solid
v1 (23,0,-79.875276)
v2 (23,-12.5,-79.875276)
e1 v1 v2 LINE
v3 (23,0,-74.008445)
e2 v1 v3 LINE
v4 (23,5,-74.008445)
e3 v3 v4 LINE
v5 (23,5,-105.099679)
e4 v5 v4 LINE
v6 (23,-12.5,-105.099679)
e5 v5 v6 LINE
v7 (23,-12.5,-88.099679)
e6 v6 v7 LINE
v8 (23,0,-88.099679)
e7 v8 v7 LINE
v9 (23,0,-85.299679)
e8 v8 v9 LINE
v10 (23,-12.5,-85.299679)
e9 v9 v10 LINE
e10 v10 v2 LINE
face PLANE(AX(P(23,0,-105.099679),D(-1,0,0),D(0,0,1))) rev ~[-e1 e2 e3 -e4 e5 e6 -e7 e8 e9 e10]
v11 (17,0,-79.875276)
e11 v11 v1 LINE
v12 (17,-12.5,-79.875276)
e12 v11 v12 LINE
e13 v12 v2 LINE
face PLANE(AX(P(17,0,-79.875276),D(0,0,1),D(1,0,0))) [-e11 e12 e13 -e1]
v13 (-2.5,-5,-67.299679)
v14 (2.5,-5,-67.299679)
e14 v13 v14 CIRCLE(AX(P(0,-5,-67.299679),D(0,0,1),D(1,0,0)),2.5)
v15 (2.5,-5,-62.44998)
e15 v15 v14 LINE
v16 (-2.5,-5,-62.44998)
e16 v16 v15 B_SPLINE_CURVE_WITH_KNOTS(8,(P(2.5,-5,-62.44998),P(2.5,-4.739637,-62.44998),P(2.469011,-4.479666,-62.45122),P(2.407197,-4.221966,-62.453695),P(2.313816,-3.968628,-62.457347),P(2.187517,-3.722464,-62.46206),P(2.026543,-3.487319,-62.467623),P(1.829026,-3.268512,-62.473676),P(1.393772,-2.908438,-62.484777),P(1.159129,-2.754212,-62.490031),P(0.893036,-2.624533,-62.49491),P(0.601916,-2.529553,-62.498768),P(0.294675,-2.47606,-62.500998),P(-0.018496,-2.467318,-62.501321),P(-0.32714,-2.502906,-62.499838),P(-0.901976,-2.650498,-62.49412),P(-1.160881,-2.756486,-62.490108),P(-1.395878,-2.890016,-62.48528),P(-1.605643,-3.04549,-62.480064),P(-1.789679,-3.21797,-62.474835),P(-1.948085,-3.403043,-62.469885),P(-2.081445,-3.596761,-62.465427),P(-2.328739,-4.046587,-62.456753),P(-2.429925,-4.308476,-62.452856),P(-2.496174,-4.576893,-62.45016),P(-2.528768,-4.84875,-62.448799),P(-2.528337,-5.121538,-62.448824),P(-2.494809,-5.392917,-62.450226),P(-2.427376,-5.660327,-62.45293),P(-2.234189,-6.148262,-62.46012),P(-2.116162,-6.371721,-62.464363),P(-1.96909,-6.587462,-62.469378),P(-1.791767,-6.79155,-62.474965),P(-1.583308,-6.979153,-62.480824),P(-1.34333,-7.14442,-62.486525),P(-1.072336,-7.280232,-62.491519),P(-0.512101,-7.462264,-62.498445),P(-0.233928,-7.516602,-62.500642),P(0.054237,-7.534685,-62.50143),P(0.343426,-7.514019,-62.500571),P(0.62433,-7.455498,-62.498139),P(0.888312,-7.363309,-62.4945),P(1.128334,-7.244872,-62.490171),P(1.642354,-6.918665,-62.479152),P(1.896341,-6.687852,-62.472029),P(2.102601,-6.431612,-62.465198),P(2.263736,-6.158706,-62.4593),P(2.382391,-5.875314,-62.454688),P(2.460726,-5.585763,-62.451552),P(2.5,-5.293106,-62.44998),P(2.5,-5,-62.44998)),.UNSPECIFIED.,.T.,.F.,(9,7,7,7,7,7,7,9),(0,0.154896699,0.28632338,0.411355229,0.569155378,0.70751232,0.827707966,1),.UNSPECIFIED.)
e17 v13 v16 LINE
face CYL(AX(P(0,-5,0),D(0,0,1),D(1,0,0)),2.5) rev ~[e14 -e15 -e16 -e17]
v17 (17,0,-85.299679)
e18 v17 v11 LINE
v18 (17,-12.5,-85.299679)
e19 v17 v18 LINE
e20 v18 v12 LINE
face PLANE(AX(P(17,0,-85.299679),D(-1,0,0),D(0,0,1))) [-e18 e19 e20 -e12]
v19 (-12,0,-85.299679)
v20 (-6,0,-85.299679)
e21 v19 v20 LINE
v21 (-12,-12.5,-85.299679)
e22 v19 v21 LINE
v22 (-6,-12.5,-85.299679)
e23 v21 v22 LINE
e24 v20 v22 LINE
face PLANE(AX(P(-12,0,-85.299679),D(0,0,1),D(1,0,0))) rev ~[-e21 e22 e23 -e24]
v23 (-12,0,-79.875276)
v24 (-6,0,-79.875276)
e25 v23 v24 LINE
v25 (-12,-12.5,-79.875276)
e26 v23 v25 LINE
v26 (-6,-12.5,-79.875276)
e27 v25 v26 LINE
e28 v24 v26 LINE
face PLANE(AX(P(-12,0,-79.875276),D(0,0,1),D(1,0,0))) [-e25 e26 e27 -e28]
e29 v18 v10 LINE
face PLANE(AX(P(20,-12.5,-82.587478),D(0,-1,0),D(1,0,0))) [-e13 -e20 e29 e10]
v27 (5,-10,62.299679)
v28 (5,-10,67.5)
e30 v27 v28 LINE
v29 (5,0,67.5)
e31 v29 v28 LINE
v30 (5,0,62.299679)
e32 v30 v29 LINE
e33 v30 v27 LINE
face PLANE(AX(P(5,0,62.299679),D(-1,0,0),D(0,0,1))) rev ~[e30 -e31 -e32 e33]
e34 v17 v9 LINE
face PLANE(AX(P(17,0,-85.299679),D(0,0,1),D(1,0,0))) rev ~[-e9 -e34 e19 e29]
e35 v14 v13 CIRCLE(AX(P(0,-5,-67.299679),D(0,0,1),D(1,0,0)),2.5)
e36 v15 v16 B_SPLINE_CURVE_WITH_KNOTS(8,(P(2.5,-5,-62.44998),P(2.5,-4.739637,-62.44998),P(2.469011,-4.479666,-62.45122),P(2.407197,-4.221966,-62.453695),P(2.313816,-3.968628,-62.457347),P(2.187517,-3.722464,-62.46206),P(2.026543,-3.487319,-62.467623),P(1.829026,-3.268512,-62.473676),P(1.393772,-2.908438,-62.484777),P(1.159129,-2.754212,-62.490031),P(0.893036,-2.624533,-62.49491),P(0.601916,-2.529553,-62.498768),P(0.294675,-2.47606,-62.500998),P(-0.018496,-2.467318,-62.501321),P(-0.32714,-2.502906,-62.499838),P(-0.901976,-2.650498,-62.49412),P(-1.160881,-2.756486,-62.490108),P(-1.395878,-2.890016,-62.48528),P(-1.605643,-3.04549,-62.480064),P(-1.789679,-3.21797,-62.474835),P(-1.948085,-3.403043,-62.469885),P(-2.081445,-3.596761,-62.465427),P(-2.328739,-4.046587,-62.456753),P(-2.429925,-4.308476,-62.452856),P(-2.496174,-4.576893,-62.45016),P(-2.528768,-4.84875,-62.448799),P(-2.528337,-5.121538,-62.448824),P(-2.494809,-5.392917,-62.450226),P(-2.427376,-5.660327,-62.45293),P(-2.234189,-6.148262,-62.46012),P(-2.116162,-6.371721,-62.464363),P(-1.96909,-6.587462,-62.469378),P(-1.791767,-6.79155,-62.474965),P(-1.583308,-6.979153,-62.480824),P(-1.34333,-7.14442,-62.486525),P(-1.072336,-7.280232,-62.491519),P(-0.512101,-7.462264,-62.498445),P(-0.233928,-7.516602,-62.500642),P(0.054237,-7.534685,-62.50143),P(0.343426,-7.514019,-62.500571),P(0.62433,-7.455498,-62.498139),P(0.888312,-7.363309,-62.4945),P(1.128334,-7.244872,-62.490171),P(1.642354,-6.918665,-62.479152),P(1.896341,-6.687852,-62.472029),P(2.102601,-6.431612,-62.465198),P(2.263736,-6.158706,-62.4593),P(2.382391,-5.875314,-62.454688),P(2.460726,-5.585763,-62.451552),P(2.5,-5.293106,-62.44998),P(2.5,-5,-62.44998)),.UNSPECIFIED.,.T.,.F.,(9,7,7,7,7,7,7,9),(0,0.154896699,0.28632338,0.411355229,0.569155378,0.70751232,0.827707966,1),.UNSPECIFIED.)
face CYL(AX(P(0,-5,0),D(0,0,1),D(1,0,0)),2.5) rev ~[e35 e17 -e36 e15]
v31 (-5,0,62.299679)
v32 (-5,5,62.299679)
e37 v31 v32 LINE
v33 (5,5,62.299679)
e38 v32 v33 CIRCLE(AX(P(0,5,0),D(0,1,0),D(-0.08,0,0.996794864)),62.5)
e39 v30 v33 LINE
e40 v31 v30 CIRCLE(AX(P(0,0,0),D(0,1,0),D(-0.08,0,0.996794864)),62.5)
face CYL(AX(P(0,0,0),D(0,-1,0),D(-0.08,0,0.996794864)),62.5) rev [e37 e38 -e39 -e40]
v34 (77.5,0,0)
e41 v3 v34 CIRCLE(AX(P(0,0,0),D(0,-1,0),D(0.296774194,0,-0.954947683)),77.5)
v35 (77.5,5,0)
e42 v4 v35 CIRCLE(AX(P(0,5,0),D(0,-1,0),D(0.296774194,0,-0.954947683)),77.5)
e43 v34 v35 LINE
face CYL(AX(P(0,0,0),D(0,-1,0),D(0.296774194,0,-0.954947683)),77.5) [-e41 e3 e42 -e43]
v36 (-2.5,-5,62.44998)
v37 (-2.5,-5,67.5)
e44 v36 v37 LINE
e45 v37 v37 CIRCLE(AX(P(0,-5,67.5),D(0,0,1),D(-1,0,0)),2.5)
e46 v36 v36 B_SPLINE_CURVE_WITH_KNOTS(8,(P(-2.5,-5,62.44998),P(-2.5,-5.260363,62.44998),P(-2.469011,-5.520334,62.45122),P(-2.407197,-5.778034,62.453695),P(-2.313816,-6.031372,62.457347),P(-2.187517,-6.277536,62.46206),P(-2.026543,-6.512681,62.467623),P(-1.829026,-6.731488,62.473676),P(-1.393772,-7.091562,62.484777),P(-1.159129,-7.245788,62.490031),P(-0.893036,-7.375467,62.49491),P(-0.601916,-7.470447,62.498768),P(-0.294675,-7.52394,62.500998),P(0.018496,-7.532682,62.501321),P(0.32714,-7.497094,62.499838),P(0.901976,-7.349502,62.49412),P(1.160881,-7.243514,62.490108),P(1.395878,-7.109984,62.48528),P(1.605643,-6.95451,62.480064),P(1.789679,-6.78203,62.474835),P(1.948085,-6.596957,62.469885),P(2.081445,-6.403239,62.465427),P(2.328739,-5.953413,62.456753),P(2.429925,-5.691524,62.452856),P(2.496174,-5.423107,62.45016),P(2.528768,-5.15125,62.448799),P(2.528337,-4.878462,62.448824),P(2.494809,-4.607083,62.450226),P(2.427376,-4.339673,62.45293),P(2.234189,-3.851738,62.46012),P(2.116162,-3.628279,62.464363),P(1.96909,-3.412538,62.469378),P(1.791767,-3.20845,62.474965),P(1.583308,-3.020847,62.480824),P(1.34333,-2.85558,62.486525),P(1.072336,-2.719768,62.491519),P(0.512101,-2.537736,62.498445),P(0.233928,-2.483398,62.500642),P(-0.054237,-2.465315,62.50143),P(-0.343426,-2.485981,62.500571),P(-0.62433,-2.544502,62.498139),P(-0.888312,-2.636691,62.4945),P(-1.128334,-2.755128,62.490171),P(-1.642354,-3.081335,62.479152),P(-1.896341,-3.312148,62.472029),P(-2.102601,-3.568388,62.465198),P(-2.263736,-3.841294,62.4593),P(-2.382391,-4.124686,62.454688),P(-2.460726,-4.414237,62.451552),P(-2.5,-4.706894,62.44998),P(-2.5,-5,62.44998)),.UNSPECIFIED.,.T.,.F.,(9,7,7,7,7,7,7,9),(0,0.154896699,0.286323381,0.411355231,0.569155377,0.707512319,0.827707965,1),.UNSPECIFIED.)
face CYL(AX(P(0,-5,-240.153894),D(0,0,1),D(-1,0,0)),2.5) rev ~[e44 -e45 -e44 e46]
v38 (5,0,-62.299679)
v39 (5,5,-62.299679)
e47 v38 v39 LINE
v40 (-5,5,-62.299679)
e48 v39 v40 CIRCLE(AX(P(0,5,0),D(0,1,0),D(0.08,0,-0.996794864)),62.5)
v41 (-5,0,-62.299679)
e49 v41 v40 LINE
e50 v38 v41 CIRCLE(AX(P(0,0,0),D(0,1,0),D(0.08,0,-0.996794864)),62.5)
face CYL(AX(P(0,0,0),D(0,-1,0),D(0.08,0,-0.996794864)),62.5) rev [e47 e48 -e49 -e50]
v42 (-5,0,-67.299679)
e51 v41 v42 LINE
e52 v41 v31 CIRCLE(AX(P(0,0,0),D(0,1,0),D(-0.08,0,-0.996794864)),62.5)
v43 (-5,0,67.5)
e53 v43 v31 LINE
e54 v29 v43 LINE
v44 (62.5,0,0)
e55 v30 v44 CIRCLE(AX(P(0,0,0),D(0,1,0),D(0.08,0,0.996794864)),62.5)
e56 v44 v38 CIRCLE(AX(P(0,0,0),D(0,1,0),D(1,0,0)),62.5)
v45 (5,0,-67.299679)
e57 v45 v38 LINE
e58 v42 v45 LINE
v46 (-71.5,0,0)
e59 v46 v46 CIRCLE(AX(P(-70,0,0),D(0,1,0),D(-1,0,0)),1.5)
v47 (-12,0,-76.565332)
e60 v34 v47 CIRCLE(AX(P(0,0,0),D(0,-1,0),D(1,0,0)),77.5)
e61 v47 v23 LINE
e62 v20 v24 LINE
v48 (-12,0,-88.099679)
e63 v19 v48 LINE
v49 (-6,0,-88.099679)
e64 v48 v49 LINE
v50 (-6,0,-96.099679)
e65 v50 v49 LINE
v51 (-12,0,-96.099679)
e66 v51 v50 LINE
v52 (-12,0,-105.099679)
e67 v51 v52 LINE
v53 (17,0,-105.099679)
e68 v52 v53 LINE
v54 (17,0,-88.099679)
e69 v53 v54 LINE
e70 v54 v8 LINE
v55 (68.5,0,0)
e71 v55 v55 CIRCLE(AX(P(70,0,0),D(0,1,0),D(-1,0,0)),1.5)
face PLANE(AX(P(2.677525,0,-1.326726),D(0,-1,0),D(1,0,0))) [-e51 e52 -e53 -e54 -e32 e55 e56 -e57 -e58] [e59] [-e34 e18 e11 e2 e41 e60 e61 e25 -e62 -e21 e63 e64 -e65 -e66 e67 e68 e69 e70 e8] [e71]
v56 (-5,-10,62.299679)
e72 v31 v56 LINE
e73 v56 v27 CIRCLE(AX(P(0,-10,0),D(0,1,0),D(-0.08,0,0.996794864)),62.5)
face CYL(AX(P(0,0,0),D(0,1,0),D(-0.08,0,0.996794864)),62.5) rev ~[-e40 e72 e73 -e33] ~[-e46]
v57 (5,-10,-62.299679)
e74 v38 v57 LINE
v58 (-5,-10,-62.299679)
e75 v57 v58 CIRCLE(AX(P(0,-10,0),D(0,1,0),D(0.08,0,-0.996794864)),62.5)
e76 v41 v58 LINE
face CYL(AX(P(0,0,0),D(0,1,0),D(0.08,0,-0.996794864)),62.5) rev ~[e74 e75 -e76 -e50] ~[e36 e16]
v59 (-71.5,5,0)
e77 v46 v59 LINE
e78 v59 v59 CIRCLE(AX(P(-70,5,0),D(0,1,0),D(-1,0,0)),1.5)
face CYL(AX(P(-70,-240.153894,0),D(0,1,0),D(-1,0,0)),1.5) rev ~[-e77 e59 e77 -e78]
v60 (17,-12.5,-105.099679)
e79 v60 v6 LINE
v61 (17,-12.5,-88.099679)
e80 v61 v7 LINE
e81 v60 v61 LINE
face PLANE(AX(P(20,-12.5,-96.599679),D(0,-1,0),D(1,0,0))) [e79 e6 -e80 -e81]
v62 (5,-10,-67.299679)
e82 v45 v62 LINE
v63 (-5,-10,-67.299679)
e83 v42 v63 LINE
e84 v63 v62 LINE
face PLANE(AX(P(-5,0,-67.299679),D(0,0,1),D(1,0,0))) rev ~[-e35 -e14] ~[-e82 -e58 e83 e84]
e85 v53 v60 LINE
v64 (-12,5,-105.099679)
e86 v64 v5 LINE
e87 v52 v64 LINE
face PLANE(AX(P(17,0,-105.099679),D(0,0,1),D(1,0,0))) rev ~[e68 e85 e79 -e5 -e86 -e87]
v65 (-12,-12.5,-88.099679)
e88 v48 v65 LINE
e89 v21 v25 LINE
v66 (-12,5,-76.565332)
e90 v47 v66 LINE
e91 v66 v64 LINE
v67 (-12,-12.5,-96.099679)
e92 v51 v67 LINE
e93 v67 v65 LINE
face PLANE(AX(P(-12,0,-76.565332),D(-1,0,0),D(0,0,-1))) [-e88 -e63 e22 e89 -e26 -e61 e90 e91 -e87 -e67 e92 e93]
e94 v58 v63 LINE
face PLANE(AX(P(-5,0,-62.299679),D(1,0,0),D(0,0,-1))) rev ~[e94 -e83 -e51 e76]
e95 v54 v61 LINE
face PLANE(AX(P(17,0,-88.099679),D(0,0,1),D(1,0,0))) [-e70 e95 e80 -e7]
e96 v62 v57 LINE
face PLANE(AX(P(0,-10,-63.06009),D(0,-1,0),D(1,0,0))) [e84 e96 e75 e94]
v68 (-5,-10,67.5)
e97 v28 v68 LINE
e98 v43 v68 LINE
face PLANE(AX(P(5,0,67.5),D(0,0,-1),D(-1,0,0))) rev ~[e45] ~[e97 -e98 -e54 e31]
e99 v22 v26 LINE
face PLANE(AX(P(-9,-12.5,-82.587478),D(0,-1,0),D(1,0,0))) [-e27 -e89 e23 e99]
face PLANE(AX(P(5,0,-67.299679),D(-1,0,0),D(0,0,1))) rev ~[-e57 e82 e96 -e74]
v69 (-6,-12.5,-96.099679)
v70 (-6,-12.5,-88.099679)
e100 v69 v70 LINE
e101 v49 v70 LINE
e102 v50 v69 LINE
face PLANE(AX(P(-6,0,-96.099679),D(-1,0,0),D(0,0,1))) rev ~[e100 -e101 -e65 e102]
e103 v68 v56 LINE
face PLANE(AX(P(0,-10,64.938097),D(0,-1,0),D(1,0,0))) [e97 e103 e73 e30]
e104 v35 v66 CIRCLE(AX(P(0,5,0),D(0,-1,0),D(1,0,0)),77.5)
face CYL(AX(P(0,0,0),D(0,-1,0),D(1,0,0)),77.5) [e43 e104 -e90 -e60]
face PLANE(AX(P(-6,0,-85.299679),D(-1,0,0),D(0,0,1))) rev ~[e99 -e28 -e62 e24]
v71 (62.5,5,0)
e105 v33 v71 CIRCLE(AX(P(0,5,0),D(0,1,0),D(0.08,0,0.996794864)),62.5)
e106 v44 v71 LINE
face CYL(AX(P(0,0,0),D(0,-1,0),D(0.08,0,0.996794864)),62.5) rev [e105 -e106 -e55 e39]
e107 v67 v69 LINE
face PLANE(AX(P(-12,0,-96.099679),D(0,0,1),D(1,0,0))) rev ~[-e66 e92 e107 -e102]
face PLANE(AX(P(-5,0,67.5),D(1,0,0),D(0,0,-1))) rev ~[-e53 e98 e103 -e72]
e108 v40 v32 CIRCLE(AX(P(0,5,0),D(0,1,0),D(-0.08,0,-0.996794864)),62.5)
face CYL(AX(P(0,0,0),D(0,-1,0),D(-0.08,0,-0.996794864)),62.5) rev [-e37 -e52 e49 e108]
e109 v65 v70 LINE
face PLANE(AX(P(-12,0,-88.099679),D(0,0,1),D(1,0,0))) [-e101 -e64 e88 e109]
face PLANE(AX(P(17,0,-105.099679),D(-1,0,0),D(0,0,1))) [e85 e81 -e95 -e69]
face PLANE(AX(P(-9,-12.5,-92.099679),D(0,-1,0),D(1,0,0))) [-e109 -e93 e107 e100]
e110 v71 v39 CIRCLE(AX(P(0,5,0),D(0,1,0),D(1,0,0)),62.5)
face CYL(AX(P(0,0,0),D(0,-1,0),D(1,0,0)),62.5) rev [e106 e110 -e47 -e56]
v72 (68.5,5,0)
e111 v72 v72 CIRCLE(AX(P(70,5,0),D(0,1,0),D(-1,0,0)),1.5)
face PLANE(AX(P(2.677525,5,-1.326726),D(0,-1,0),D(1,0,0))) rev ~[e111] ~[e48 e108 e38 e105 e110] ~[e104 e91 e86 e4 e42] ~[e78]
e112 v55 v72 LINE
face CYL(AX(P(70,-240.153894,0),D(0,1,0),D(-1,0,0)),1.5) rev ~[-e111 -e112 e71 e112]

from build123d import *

# Parameters (mm, degrees)
F0_W     = 6
F0_H     = 5.4244026542
F0_H_2   = 17
F0_H_3   = 8
F0_W_2   = 10
F0_H_4   = 3.5826090725
F1_DEPTH = 5
F2_DEPTH = 12.5
F3_DEPTH = 10
F5_D     = 5
F5_DEPTH = 105.1006789719
F6_D     = 5
F7_D     = 3


with BuildPart() as f1:
    # F0 (on Front) → F1 (new body)
    with BuildSketch(Plane.XZ):
        with BuildLine():
            ThreePointArc((5, 62.2996789719), (45.9279326772, 42.3895623945), (62.5, 0))
            ThreePointArc((62.5, 0), (45.9279326772, -42.3895623945), (5, -62.2996789719))
            Line((5, -62.2996789719), (5, -63.7170698994))
            Line((5, -63.7170698994), (23, -63.7170698994))
            Line((23, -63.7170698994), (23, -74.008445464))
            ThreePointArc((23, -74.008445464), (62.40492769, -45.9551411705), (77.5, 0))
            ThreePointArc((77.5, 0), (-50.3798074629, 58.8907887534), (-12, -76.5653315803))
            Line((-12, -76.5653315803), (-12, -63.7170698994))
            Line((-12, -63.7170698994), (-5, -63.7170698994))
            Line((-5, -63.7170698994), (-5, -62.2996789719))
            ThreePointArc((-5, -62.2996789719), (-62.5, 0), (-5, 62.2996789719))
            Line((-5, 62.2996789719), (-5, 67.5))
            Line((-5, 67.5), (5, 67.5))
            Line((5, 67.5), (5, 62.2996789719))
        make_face()
        with BuildLine():
            Line((23, -79.8752763177), (23, -74.008445464))
            ThreePointArc((23, -74.008445464), (5.6466287865, -77.2940203596), (-12, -76.5653315803))
            Line((-12, -76.5653315803), (-12, -79.8752763177))
            Line((-12, -79.8752763177), (-6, -79.8752763177))
            Line((-6, -79.8752763177), (-6, -85.2996789719))
            Line((-6, -85.2996789719), (-12, -85.2996789719))
            Line((-12, -85.2996789719), (-12, -88.0996789719))
            Line((-12, -88.0996789719), (-6, -88.0996789719))
            Line((-6, -88.0996789719), (-6, -96.0996789719))
            Line((-6, -96.0996789719), (-12, -96.0996789719))
            Line((-12, -96.0996789719), (-12, -105.0996789719))
            Line((-12, -105.0996789719), (17, -105.0996789719))
            Line((17, -105.0996789719), (17, -88.0996789719))
            Line((17, -88.0996789719), (23, -88.0996789719))
            Line((23, -88.0996789719), (23, -85.2996789719))
            Line((23, -85.2996789719), (17, -85.2996789719))
            Line((17, -85.2996789719), (17, -79.8752763177))
            Line((17, -79.8752763177), (23, -79.8752763177))
        make_face()
        with BuildLine():
            Line((23, -63.7170698994), (5, -63.7170698994))
            Line((5, -63.7170698994), (5, -67.2996789719))
            Line((5, -67.2996789719), (-5, -67.2996789719))
            Line((-5, -67.2996789719), (-5, -63.7170698994))
            Line((-5, -63.7170698994), (-12, -63.7170698994))
            Line((-12, -63.7170698994), (-12, -76.5653315803))
            ThreePointArc((-12, -76.5653315803), (5.6466287865, -77.2940203596), (23, -74.008445464))
            Line((23, -74.008445464), (23, -63.7170698994))
        make_face()
        with Locations((20, -82.5874776448)):
            Rectangle(F0_W, F0_H)
        with Locations((20, -96.5996789719)):
            Rectangle(F0_W, F0_H_2)
        with Locations((-9, -82.5874776448)):
            Rectangle(F0_W, F0_H)
        with Locations((-9, -92.0996789719)):
            Rectangle(F0_W, F0_H_3)
        with Locations((0, -65.5083744356)):
            Rectangle(F0_W_2, F0_H_4)
        with BuildLine():
            Line((5, -63.7170698994), (5, -62.2996789719))
            ThreePointArc((5, -62.2996789719), (0, -62.5), (-5, -62.2996789719))
            Line((-5, -62.2996789719), (-5, -63.7170698994))
            Line((-5, -63.7170698994), (5, -63.7170698994))
        make_face()
        with BuildLine():
            ThreePointArc((-5, 62.2996789719), (0, 62.5), (5, 62.2996789719))
            Line((5, 62.2996789719), (5, 67.5))
            Line((5, 67.5), (-5, 67.5))
            Line((-5, 67.5), (-5, 62.2996789719))
        make_face()
    extrude(amount=-F1_DEPTH)

    # F0 (on Front) → F2 (join)
    with BuildSketch(Plane.XZ):
        with Locations((20, -82.5874776448)):
            Rectangle(F0_W, F0_H)
        with Locations((20, -96.5996789719)):
            Rectangle(F0_W, F0_H_2)
        with Locations((-9, -92.0996789719)):
            Rectangle(F0_W, F0_H_3)
        with Locations((-9, -82.5874776448)):
            Rectangle(F0_W, F0_H)
    extrude(amount=F2_DEPTH)

    # F0 (on Front) → F3 (join)
    with BuildSketch(Plane.XZ):
        with BuildLine():
            ThreePointArc((-5, 62.2996789719), (0, 62.5), (5, 62.2996789719))
            Line((5, 62.2996789719), (5, 67.5))
            Line((5, 67.5), (-5, 67.5))
            Line((-5, 67.5), (-5, 62.2996789719))
        make_face()
        with BuildLine():
            Line((5, -63.7170698994), (5, -62.2996789719))
            ThreePointArc((5, -62.2996789719), (0, -62.5), (-5, -62.2996789719))
            Line((-5, -62.2996789719), (-5, -63.7170698994))
            Line((-5, -63.7170698994), (5, -63.7170698994))
        make_face()
        with Locations((0, -65.5083744356)):
            Rectangle(F0_W_2, F0_H_4)
    extrude(amount=F3_DEPTH)

    # F5 (through all, one way)
    with BuildSketch(Plane.XY):
        with Locations((0, -5)):
            Circle(F5_D / 2)
    extrude(amount=-F5_DEPTH, mode=Mode.SUBTRACT)

    # F6 (through all)
    with Locations(Plane(origin=(0, 0, 0), x_dir=(1, 0, 0), z_dir=(0, 0, -1))):
        with Locations((0, 5)):
            Hole(F6_D / 2)

    # F7 (through all)
    with Locations(Plane.XZ):
        with Locations((-70, 0), (70, 0)):
            Hole(F7_D / 2)


solid = f1.part
